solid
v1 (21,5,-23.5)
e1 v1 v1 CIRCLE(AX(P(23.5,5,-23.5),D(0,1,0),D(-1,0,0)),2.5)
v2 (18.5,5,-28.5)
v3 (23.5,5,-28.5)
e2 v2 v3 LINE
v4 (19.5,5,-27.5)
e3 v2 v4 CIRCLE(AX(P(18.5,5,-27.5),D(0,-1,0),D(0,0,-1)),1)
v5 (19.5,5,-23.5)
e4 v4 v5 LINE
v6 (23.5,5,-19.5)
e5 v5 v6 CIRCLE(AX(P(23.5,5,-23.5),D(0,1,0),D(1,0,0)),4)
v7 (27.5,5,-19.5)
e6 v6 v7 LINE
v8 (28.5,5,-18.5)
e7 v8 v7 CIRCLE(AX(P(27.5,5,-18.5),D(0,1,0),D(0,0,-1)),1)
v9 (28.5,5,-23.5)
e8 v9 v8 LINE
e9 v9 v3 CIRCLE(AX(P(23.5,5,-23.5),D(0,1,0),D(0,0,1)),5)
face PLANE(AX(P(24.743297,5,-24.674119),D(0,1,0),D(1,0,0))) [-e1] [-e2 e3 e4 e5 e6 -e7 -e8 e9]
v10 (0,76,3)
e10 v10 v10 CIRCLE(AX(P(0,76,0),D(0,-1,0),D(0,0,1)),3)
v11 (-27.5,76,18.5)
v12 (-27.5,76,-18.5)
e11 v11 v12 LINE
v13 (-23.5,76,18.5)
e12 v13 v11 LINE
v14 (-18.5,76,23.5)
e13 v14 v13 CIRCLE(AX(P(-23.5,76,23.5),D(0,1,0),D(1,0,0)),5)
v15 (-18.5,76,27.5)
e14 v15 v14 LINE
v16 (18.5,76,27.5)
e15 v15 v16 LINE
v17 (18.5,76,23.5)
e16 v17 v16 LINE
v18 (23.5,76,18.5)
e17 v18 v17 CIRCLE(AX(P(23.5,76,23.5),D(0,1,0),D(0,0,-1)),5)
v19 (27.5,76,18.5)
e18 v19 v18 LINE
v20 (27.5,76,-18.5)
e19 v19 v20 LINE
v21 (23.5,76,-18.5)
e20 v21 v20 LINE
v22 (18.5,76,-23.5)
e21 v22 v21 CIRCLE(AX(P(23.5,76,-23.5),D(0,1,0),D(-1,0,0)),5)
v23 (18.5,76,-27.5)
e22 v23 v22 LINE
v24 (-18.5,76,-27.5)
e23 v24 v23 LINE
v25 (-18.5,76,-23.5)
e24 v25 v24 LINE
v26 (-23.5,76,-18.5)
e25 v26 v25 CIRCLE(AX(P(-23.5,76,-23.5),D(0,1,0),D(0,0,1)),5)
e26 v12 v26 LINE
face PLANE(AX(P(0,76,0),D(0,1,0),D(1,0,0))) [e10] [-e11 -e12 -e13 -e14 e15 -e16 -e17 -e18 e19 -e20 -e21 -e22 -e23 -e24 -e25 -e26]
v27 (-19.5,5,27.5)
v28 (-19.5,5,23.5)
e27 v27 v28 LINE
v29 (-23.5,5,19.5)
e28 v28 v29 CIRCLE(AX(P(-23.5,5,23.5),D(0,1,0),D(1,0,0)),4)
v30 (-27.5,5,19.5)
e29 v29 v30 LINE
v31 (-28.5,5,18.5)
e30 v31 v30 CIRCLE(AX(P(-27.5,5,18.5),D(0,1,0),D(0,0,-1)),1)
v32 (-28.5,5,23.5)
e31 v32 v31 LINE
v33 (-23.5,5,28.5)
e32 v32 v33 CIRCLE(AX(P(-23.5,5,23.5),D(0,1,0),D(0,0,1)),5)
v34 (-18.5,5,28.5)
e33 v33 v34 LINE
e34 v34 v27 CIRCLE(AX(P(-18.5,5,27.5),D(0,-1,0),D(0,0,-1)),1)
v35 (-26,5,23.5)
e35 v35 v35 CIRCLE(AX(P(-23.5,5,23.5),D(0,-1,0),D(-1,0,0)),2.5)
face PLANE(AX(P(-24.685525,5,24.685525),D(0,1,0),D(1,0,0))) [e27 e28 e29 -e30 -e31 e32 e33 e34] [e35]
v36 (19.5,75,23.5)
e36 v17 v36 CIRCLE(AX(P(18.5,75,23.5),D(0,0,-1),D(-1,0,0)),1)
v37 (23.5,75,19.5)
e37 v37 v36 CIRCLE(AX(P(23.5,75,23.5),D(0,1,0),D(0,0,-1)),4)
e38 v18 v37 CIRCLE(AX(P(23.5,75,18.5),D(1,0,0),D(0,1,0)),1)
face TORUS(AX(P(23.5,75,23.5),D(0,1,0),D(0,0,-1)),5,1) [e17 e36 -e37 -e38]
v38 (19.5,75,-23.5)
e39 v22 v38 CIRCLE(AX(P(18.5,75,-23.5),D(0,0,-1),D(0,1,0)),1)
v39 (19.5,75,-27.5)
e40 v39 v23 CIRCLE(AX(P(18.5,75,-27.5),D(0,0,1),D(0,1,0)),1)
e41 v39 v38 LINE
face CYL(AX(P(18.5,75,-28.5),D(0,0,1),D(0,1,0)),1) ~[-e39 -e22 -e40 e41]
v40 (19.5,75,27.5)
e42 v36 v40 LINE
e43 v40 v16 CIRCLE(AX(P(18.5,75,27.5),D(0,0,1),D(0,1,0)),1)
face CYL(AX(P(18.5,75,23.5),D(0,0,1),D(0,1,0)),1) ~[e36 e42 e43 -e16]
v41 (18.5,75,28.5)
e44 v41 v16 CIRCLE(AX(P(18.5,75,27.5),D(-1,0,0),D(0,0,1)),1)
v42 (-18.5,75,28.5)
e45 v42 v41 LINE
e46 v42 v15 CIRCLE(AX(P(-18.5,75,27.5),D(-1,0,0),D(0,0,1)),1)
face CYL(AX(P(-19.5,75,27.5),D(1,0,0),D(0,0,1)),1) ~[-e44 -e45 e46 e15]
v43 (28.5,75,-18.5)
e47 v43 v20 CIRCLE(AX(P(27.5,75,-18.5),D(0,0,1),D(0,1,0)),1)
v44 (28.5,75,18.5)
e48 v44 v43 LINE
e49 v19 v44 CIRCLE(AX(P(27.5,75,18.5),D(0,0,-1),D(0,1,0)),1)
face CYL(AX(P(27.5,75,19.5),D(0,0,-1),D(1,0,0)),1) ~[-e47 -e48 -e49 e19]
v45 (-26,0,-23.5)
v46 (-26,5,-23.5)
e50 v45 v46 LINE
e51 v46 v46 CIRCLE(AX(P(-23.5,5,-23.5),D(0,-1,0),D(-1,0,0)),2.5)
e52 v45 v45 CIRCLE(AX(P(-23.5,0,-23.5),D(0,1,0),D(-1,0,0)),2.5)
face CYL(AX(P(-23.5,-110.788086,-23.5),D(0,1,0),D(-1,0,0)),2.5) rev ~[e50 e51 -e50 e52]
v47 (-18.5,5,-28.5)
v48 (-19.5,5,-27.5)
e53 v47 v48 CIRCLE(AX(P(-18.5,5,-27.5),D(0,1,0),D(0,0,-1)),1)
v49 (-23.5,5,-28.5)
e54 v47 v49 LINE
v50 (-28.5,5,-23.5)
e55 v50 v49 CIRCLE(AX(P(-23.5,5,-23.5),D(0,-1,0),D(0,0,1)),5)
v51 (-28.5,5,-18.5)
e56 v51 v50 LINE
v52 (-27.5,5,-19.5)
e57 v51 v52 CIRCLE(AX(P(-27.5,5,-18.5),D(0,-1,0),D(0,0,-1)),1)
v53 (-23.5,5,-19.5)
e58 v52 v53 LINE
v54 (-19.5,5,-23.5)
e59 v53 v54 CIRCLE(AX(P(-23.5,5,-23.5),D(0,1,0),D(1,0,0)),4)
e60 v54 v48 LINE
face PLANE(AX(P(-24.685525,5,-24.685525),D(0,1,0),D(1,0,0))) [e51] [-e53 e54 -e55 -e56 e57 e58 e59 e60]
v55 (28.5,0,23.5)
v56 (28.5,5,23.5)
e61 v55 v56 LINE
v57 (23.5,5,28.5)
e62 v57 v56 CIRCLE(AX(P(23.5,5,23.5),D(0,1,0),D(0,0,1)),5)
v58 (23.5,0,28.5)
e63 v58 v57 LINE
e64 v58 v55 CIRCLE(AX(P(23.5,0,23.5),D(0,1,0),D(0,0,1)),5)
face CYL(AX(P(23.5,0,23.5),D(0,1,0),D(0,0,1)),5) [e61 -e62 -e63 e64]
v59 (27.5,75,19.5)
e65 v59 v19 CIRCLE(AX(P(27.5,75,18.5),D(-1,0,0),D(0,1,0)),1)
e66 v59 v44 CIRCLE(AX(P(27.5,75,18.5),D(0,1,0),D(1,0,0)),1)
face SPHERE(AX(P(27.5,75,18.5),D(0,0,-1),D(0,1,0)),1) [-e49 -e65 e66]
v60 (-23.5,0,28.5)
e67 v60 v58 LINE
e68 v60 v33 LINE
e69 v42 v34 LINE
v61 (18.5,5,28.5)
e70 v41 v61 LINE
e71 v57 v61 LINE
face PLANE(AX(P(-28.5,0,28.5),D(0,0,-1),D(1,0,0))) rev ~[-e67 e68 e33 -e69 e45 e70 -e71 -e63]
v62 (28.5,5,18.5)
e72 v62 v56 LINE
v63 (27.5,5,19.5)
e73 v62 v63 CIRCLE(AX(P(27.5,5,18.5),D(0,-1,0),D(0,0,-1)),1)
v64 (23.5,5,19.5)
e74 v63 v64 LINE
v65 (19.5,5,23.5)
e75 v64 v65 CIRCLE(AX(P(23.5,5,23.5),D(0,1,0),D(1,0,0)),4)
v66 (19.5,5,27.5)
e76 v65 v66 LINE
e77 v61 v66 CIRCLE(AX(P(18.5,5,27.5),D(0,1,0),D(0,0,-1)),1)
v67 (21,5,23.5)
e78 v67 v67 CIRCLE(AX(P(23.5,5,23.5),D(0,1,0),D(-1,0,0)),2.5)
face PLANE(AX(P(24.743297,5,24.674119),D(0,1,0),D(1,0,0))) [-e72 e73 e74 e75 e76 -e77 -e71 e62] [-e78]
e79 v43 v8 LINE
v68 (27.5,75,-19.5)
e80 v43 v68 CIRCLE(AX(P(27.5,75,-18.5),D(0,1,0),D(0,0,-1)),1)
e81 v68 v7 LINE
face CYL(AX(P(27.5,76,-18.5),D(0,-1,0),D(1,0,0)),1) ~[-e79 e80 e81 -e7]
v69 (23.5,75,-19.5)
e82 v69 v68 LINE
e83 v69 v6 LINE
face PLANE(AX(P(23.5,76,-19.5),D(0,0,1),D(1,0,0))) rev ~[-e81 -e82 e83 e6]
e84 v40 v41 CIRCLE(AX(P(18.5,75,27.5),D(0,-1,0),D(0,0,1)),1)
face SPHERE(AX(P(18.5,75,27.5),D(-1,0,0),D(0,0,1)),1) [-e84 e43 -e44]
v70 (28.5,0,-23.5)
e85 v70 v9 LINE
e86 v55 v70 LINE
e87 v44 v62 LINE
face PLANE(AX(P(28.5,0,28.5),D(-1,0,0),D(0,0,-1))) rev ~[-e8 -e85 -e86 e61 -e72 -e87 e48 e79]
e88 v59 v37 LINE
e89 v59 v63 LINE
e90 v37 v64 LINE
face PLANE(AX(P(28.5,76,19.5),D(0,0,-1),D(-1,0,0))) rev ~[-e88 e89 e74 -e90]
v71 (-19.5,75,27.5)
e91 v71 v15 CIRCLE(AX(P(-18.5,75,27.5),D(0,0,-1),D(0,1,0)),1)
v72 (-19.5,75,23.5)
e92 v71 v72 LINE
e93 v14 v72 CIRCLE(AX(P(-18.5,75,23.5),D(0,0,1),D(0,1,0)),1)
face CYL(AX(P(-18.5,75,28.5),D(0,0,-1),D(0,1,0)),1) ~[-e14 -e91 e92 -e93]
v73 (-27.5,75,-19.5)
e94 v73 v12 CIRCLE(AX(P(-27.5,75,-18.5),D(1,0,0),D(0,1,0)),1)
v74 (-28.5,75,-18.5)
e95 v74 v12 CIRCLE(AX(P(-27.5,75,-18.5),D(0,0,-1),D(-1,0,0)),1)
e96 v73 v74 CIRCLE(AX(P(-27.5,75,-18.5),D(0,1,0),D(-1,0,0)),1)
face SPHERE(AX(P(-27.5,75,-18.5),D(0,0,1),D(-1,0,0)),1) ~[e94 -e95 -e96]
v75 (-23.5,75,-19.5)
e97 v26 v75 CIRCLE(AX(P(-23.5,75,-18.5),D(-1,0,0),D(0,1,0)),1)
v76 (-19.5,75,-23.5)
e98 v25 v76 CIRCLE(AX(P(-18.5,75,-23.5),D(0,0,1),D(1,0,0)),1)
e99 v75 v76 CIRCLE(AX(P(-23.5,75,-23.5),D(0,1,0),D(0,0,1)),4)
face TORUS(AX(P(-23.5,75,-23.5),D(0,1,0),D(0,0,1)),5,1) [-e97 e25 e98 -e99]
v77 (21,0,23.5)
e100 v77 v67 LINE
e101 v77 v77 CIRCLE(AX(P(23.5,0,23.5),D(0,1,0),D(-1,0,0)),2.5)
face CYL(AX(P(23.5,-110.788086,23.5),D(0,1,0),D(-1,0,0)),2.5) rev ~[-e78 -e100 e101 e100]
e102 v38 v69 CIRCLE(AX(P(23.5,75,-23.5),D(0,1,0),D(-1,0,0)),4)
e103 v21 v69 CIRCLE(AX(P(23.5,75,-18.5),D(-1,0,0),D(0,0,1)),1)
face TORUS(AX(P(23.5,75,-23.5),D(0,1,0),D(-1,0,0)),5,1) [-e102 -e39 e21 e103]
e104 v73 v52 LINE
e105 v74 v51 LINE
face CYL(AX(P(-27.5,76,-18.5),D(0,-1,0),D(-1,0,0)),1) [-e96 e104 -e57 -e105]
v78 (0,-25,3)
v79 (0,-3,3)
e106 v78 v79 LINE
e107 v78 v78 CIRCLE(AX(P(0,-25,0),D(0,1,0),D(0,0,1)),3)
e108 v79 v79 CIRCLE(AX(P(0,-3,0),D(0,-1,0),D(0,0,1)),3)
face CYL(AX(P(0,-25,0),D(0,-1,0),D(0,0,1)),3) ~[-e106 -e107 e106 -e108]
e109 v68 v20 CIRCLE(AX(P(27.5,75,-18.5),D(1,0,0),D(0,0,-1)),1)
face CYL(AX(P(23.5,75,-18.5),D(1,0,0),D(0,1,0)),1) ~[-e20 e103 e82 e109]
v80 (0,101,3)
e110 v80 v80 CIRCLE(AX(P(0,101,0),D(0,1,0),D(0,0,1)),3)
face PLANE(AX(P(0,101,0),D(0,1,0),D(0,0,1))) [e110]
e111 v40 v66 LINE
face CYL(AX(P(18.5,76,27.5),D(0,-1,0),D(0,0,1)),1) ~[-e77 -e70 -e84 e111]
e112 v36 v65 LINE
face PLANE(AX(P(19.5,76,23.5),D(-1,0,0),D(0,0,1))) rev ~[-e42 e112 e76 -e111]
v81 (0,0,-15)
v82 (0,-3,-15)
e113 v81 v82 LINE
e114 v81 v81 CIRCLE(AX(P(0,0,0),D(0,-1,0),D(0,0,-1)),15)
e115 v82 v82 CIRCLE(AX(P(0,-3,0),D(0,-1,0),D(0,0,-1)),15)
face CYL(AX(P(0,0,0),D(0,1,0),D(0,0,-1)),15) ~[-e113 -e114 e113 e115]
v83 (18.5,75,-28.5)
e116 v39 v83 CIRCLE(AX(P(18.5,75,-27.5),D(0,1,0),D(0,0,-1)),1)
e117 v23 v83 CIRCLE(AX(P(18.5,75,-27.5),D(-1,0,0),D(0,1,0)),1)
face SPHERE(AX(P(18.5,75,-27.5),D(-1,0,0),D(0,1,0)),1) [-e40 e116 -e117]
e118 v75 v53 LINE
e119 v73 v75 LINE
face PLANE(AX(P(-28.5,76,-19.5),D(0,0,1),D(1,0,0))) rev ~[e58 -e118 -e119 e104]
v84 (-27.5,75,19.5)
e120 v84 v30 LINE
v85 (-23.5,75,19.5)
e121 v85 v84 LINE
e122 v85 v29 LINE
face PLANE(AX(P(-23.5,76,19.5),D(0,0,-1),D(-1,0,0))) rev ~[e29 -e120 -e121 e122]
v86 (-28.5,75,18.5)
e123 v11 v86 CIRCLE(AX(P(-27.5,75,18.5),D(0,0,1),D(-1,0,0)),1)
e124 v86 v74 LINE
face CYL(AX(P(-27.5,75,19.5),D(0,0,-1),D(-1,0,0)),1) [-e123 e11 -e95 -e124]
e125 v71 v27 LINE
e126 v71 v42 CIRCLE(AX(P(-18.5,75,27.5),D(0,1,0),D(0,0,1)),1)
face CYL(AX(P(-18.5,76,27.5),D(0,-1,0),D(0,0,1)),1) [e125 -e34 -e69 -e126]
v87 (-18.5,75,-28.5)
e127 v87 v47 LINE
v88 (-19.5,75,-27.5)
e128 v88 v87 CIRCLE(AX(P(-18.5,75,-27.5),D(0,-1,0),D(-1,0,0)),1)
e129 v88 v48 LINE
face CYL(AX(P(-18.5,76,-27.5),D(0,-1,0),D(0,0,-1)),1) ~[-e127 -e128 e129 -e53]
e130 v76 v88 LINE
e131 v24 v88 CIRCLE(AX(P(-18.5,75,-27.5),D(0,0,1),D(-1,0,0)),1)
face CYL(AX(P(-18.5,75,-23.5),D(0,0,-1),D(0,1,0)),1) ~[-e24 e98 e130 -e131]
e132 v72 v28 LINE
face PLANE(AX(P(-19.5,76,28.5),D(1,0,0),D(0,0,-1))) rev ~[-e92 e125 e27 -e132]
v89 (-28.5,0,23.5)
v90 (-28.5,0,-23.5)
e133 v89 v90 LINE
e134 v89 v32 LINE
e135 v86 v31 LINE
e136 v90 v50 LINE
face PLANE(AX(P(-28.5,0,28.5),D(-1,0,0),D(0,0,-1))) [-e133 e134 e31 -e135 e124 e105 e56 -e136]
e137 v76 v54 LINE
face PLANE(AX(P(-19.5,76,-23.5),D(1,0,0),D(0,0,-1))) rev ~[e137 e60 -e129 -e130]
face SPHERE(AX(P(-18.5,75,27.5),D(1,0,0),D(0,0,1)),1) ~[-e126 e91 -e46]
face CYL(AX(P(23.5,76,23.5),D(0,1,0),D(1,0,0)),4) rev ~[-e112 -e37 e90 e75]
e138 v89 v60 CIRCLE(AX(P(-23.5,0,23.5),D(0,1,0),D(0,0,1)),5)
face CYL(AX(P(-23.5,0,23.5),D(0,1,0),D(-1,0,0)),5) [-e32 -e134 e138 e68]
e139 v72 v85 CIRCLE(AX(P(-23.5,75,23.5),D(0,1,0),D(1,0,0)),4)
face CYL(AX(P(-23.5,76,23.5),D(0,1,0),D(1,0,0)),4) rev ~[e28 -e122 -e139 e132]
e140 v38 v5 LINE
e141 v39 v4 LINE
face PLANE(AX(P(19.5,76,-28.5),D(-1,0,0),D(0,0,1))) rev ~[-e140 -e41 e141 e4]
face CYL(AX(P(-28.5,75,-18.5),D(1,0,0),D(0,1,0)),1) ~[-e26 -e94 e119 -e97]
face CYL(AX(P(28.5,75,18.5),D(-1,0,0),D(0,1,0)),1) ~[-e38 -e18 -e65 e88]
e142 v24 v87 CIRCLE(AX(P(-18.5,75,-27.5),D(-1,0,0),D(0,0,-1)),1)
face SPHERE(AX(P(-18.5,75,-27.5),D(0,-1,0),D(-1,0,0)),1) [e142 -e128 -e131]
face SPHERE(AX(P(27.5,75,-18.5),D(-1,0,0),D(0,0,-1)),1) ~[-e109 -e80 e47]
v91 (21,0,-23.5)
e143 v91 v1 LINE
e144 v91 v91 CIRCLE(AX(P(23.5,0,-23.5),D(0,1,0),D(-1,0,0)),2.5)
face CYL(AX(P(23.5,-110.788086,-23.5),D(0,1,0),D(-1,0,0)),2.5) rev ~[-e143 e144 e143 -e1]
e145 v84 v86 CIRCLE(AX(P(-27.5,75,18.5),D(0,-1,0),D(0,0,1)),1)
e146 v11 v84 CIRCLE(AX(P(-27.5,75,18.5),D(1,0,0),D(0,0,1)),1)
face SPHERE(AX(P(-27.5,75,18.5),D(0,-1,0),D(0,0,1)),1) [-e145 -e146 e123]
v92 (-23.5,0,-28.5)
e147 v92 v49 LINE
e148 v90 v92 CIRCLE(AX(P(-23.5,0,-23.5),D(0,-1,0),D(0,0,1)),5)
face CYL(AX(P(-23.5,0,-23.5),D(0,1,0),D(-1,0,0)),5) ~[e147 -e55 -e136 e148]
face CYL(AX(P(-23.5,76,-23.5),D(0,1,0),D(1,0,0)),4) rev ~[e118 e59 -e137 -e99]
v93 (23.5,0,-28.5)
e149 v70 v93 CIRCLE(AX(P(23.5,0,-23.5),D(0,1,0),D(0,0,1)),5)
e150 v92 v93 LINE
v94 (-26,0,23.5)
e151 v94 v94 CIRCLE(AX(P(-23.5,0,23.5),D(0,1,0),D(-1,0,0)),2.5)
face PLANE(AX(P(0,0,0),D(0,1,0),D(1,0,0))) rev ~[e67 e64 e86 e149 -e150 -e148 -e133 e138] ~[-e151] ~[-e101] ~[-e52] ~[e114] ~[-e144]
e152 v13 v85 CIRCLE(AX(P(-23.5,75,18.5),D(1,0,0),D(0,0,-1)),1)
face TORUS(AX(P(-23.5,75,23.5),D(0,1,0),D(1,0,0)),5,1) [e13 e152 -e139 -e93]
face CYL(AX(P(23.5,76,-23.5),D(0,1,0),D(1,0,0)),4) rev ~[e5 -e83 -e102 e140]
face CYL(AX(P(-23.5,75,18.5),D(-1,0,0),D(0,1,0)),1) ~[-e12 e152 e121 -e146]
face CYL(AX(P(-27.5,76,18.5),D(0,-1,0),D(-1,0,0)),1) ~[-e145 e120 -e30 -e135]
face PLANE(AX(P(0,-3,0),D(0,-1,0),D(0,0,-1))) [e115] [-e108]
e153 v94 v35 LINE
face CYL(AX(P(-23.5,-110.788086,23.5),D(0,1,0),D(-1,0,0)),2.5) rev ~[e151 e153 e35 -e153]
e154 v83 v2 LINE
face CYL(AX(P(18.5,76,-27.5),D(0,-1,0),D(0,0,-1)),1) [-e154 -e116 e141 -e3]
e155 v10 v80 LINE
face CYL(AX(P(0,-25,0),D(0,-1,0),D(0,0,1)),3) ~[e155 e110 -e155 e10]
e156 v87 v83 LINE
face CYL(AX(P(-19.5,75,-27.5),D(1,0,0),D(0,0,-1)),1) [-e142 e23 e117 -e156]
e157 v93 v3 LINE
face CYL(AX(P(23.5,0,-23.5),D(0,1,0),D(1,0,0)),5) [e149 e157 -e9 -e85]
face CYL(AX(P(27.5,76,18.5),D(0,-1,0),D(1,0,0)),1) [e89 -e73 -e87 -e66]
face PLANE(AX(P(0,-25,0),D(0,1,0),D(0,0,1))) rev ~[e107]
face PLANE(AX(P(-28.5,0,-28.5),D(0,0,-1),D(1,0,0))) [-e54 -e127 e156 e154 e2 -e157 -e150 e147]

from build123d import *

# Parameters (mm, degrees)
SKETCH1_W                = 57
SKETCH1_H                = 57
EXTRUDE1_DEPTH           = 76
F_5_0_5_DIAMETER_HOLE1_D = 5
SKETCH6_R                = 4
SKETCH6_R_2              = 2.5
EXTRUDE4_DEPTH           = 71
FILLET1_R                = 5
EXTRUDE5_DEPTH           = 25
EXTRUDE5_DEPTH_BACK      = 101
SKETCH7_R                = 3
SKETCH8_R                = 15
EXTRUDE6_DEPTH           = 3
FILLET2_R                = 1


with BuildPart() as part:
    # Sketch1 → Extrude1 (new body)
    with BuildSketch(Plane(origin=(0, 0, 0), x_dir=(1, 0, 0), z_dir=(0, 1, 0))):
        Rectangle(SKETCH1_W, SKETCH1_H)
    extrude(amount=EXTRUDE1_DEPTH)

    # Ø5.0 (5) Diameter Hole1 (through all)
    with Locations(Plane.XZ):
        with Locations((-23.5, 23.5), (23.5, 23.5), (23.5, -23.5), (-23.5, -23.5)):
            Hole(F_5_0_5_DIAMETER_HOLE1_D / 2)

    # Sketch6 → Extrude4 (cut)
    # profile 1 of 12: a face of its own
    with BuildSketch(Plane(origin=(0, 76, 0), x_dir=(1, 0, 0), z_dir=(0, 1, 0))):
        Polygon((-28.5, 28.5), (-19.5, 28.5), (-19.5, 32.511741208), (-33.908905561, 32.511741208), (-33.908905561, 19.5), (-28.5, 19.5), align=None)
    # profile 2 of 12: a face of its own
    with BuildSketch(Plane(origin=(0, 76, 0), x_dir=(1, 0, 0), z_dir=(0, 1, 0))):
        with BuildLine():
            ThreePointArc((-23.5, 19.5), (-26.328427125, 26.328427125), (-19.5, 23.5))
            Line((-19.5, 23.5), (-19.5, 28.5))
            Line((-19.5, 28.5), (-28.5, 28.5))
            Line((-28.5, 28.5), (-28.5, 19.5))
            Line((-28.5, 19.5), (-23.5, 19.5))
        make_face()
    # profile 3 of 12: a face of its own
    with BuildSketch(Plane(origin=(0, 76, 0), x_dir=(1, 0, 0), z_dir=(0, 1, 0))):
        with Locations((-23.5, 23.5)):
            Circle(SKETCH6_R)
        with Locations(Location((-23.5, 23.5, 0), (0, 0, 90))):
            Circle(SKETCH6_R_2, mode=Mode.SUBTRACT)
    # profile 4 of 12: a face of its own
    with BuildSketch(Plane(origin=(0, 76, 0), x_dir=(1, 0, 0), z_dir=(0, 1, 0))):
        Polygon((19.5, 36.471560472), (19.5, 28.5), (28.5, 28.5), (28.5, 19.5), (41.168352552, 19.5), (41.168352552, 36.471560472), align=None)
    # profile 5 of 12: a face of its own
    with BuildSketch(Plane(origin=(0, 76, 0), x_dir=(1, 0, 0), z_dir=(0, 1, 0))):
        with BuildLine():
            Line((28.5, 28.5), (19.5, 28.5))
            Line((19.5, 28.5), (19.5, 23.5))
            ThreePointArc((19.5, 23.5), (23.5, 27.5), (27.5, 23.5))
            ThreePointArc((27.5, 23.5), (26.328427125, 20.671572875), (23.5, 19.5))
            Line((23.5, 19.5), (28.5, 19.5))
            Line((28.5, 19.5), (28.5, 28.5))
        make_face()
    # profile 6 of 12: a face of its own
    with BuildSketch(Plane(origin=(0, 76, 0), x_dir=(1, 0, 0), z_dir=(0, 1, 0))):
        with Locations((23.5, 23.5)):
            Circle(SKETCH6_R)
        with Locations(Location((23.5, 23.5, 0), (0, 0, 90))):
            Circle(SKETCH6_R_2, mode=Mode.SUBTRACT)
    # profile 7 of 12: a face of its own
    with BuildSketch(Plane(origin=(0, 76, 0), x_dir=(1, 0, 0), z_dir=(0, 1, 0))):
        with Locations((23.5, -23.5)):
            Circle(SKETCH6_R)
        with Locations(Location((23.5, -23.5, 0), (0, 0, 90))):
            Circle(SKETCH6_R_2, mode=Mode.SUBTRACT)
    # profile 8 of 12: a face of its own
    with BuildSketch(Plane(origin=(0, 76, 0), x_dir=(1, 0, 0), z_dir=(0, 1, 0))):
        with BuildLine():
            Line((28.5, -28.5), (28.5, -19.5))
            Line((28.5, -19.5), (23.5, -19.5))
            ThreePointArc((23.5, -19.5), (26.328427125, -20.671572875), (27.5, -23.5))
            ThreePointArc((27.5, -23.5), (23.5, -27.5), (19.5, -23.5))
            Line((19.5, -23.5), (19.5, -28.5))
            Line((19.5, -28.5), (28.5, -28.5))
        make_face()
    # profile 9 of 12: a face of its own
    with BuildSketch(Plane(origin=(0, 76, 0), x_dir=(1, 0, 0), z_dir=(0, 1, 0))):
        Polygon((44.252209519, -19.5), (28.5, -19.5), (28.5, -28.5), (19.5, -28.5), (19.5, -40.050429997), (44.252209519, -40.050429997), align=None)
    # profile 10 of 12: a face of its own
    with BuildSketch(Plane(origin=(0, 76, 0), x_dir=(1, 0, 0), z_dir=(0, 1, 0))):
        Polygon((-28.5, -28.5), (-28.5, -19.5), (-37.670786859, -19.5), (-37.670786859, -37.828231874), (-19.5, -37.828231874), (-19.5, -28.5), align=None)
    # profile 11 of 12: a face of its own
    with BuildSketch(Plane(origin=(0, 76, 0), x_dir=(1, 0, 0), z_dir=(0, 1, 0))):
        with BuildLine():
            Line((-23.5, -19.5), (-28.5, -19.5))
            Line((-28.5, -19.5), (-28.5, -28.5))
            Line((-28.5, -28.5), (-19.5, -28.5))
            Line((-19.5, -28.5), (-19.5, -23.5))
            ThreePointArc((-19.5, -23.5), (-26.328427125, -26.328427125), (-23.5, -19.5))
        make_face()
    # profile 12 of 12: a face of its own
    with BuildSketch(Plane(origin=(0, 76, 0), x_dir=(1, 0, 0), z_dir=(0, 1, 0))):
        with Locations((-23.5, -23.5)):
            Circle(SKETCH6_R)
        with Locations(Location((-23.5, -23.5, 0), (0, 0, 90))):
            Circle(SKETCH6_R_2, mode=Mode.SUBTRACT)
    extrude(amount=-EXTRUDE4_DEPTH, mode=Mode.SUBTRACT)

    # Fillet1
    fillet1_edges = [part.edges().sort_by_distance(p)[0] for p in [
        (-28.5, 2.5, 28.5),
        (-28.5, 2.5, -28.5),
        (28.5, 2.5, -28.5),
        (28.5, 2.5, 28.5),
    ]]
    fillet(fillet1_edges, radius=FILLET1_R)



with BuildPart() as body_2:
    # Sketch7 → Extrude5 (new, two sides: drawn at the far end of the back side and taken through both)
    with BuildSketch(Plane(origin=(0, 76, 0), x_dir=(1, 0, 0), z_dir=(0, 1, 0)).offset(-EXTRUDE5_DEPTH_BACK)):
        with Locations(Location((0, 0, 0), (0, 0, 270))):
            Circle(SKETCH7_R)
    extrude(amount=EXTRUDE5_DEPTH + EXTRUDE5_DEPTH_BACK)


with BuildPart() as part_1:
    add(part.part)

    add(body_2.part)  # Extrude6 merges body 2
    # Sketch8 → Extrude6 (add)
    with BuildSketch(Plane.XZ):
        with Locations(Location((0, 0, 0), (0, 0, 270))):
            Circle(SKETCH8_R)
    extrude(amount=EXTRUDE6_DEPTH)

    # Fillet2
    fillet2_edges = [part_1.edges().sort_by_distance(p)[0] for p in [
        (-28.5, 40.5, 19.5),
        (0, 76, 28.5),
        (-19.5, 40.5, 28.5),
        (-19.5, 76, 26),
        (-20.671572875, 76, 20.671572875),
        (-26, 76, 19.5),
        (-28.5, 76, 0),
        (-28.5, 40.5, -19.5),
        (-19.5, 40.5, -28.5),
        (-19.5, 76, -26),
        (-26, 76, -19.5),
        (-20.671572875, 76, -20.671572875),
        (0, 76, -28.5),
        (19.5, 76, -26),
        (26, 76, -19.5),
        (20.671572875, 76, -20.671572875),
        (19.5, 40.5, -28.5),
        (28.5, 40.5, -19.5),
        (19.5, 40.5, 28.5),
        (28.5, 76, 0),
        (26, 76, 19.5),
        (19.5, 76, 26),
        (20.671572875, 76, 20.671572875),
        (28.5, 40.5, 19.5),
    ]]
    fillet(fillet2_edges, radius=FILLET2_R)


solid = part_1.part
